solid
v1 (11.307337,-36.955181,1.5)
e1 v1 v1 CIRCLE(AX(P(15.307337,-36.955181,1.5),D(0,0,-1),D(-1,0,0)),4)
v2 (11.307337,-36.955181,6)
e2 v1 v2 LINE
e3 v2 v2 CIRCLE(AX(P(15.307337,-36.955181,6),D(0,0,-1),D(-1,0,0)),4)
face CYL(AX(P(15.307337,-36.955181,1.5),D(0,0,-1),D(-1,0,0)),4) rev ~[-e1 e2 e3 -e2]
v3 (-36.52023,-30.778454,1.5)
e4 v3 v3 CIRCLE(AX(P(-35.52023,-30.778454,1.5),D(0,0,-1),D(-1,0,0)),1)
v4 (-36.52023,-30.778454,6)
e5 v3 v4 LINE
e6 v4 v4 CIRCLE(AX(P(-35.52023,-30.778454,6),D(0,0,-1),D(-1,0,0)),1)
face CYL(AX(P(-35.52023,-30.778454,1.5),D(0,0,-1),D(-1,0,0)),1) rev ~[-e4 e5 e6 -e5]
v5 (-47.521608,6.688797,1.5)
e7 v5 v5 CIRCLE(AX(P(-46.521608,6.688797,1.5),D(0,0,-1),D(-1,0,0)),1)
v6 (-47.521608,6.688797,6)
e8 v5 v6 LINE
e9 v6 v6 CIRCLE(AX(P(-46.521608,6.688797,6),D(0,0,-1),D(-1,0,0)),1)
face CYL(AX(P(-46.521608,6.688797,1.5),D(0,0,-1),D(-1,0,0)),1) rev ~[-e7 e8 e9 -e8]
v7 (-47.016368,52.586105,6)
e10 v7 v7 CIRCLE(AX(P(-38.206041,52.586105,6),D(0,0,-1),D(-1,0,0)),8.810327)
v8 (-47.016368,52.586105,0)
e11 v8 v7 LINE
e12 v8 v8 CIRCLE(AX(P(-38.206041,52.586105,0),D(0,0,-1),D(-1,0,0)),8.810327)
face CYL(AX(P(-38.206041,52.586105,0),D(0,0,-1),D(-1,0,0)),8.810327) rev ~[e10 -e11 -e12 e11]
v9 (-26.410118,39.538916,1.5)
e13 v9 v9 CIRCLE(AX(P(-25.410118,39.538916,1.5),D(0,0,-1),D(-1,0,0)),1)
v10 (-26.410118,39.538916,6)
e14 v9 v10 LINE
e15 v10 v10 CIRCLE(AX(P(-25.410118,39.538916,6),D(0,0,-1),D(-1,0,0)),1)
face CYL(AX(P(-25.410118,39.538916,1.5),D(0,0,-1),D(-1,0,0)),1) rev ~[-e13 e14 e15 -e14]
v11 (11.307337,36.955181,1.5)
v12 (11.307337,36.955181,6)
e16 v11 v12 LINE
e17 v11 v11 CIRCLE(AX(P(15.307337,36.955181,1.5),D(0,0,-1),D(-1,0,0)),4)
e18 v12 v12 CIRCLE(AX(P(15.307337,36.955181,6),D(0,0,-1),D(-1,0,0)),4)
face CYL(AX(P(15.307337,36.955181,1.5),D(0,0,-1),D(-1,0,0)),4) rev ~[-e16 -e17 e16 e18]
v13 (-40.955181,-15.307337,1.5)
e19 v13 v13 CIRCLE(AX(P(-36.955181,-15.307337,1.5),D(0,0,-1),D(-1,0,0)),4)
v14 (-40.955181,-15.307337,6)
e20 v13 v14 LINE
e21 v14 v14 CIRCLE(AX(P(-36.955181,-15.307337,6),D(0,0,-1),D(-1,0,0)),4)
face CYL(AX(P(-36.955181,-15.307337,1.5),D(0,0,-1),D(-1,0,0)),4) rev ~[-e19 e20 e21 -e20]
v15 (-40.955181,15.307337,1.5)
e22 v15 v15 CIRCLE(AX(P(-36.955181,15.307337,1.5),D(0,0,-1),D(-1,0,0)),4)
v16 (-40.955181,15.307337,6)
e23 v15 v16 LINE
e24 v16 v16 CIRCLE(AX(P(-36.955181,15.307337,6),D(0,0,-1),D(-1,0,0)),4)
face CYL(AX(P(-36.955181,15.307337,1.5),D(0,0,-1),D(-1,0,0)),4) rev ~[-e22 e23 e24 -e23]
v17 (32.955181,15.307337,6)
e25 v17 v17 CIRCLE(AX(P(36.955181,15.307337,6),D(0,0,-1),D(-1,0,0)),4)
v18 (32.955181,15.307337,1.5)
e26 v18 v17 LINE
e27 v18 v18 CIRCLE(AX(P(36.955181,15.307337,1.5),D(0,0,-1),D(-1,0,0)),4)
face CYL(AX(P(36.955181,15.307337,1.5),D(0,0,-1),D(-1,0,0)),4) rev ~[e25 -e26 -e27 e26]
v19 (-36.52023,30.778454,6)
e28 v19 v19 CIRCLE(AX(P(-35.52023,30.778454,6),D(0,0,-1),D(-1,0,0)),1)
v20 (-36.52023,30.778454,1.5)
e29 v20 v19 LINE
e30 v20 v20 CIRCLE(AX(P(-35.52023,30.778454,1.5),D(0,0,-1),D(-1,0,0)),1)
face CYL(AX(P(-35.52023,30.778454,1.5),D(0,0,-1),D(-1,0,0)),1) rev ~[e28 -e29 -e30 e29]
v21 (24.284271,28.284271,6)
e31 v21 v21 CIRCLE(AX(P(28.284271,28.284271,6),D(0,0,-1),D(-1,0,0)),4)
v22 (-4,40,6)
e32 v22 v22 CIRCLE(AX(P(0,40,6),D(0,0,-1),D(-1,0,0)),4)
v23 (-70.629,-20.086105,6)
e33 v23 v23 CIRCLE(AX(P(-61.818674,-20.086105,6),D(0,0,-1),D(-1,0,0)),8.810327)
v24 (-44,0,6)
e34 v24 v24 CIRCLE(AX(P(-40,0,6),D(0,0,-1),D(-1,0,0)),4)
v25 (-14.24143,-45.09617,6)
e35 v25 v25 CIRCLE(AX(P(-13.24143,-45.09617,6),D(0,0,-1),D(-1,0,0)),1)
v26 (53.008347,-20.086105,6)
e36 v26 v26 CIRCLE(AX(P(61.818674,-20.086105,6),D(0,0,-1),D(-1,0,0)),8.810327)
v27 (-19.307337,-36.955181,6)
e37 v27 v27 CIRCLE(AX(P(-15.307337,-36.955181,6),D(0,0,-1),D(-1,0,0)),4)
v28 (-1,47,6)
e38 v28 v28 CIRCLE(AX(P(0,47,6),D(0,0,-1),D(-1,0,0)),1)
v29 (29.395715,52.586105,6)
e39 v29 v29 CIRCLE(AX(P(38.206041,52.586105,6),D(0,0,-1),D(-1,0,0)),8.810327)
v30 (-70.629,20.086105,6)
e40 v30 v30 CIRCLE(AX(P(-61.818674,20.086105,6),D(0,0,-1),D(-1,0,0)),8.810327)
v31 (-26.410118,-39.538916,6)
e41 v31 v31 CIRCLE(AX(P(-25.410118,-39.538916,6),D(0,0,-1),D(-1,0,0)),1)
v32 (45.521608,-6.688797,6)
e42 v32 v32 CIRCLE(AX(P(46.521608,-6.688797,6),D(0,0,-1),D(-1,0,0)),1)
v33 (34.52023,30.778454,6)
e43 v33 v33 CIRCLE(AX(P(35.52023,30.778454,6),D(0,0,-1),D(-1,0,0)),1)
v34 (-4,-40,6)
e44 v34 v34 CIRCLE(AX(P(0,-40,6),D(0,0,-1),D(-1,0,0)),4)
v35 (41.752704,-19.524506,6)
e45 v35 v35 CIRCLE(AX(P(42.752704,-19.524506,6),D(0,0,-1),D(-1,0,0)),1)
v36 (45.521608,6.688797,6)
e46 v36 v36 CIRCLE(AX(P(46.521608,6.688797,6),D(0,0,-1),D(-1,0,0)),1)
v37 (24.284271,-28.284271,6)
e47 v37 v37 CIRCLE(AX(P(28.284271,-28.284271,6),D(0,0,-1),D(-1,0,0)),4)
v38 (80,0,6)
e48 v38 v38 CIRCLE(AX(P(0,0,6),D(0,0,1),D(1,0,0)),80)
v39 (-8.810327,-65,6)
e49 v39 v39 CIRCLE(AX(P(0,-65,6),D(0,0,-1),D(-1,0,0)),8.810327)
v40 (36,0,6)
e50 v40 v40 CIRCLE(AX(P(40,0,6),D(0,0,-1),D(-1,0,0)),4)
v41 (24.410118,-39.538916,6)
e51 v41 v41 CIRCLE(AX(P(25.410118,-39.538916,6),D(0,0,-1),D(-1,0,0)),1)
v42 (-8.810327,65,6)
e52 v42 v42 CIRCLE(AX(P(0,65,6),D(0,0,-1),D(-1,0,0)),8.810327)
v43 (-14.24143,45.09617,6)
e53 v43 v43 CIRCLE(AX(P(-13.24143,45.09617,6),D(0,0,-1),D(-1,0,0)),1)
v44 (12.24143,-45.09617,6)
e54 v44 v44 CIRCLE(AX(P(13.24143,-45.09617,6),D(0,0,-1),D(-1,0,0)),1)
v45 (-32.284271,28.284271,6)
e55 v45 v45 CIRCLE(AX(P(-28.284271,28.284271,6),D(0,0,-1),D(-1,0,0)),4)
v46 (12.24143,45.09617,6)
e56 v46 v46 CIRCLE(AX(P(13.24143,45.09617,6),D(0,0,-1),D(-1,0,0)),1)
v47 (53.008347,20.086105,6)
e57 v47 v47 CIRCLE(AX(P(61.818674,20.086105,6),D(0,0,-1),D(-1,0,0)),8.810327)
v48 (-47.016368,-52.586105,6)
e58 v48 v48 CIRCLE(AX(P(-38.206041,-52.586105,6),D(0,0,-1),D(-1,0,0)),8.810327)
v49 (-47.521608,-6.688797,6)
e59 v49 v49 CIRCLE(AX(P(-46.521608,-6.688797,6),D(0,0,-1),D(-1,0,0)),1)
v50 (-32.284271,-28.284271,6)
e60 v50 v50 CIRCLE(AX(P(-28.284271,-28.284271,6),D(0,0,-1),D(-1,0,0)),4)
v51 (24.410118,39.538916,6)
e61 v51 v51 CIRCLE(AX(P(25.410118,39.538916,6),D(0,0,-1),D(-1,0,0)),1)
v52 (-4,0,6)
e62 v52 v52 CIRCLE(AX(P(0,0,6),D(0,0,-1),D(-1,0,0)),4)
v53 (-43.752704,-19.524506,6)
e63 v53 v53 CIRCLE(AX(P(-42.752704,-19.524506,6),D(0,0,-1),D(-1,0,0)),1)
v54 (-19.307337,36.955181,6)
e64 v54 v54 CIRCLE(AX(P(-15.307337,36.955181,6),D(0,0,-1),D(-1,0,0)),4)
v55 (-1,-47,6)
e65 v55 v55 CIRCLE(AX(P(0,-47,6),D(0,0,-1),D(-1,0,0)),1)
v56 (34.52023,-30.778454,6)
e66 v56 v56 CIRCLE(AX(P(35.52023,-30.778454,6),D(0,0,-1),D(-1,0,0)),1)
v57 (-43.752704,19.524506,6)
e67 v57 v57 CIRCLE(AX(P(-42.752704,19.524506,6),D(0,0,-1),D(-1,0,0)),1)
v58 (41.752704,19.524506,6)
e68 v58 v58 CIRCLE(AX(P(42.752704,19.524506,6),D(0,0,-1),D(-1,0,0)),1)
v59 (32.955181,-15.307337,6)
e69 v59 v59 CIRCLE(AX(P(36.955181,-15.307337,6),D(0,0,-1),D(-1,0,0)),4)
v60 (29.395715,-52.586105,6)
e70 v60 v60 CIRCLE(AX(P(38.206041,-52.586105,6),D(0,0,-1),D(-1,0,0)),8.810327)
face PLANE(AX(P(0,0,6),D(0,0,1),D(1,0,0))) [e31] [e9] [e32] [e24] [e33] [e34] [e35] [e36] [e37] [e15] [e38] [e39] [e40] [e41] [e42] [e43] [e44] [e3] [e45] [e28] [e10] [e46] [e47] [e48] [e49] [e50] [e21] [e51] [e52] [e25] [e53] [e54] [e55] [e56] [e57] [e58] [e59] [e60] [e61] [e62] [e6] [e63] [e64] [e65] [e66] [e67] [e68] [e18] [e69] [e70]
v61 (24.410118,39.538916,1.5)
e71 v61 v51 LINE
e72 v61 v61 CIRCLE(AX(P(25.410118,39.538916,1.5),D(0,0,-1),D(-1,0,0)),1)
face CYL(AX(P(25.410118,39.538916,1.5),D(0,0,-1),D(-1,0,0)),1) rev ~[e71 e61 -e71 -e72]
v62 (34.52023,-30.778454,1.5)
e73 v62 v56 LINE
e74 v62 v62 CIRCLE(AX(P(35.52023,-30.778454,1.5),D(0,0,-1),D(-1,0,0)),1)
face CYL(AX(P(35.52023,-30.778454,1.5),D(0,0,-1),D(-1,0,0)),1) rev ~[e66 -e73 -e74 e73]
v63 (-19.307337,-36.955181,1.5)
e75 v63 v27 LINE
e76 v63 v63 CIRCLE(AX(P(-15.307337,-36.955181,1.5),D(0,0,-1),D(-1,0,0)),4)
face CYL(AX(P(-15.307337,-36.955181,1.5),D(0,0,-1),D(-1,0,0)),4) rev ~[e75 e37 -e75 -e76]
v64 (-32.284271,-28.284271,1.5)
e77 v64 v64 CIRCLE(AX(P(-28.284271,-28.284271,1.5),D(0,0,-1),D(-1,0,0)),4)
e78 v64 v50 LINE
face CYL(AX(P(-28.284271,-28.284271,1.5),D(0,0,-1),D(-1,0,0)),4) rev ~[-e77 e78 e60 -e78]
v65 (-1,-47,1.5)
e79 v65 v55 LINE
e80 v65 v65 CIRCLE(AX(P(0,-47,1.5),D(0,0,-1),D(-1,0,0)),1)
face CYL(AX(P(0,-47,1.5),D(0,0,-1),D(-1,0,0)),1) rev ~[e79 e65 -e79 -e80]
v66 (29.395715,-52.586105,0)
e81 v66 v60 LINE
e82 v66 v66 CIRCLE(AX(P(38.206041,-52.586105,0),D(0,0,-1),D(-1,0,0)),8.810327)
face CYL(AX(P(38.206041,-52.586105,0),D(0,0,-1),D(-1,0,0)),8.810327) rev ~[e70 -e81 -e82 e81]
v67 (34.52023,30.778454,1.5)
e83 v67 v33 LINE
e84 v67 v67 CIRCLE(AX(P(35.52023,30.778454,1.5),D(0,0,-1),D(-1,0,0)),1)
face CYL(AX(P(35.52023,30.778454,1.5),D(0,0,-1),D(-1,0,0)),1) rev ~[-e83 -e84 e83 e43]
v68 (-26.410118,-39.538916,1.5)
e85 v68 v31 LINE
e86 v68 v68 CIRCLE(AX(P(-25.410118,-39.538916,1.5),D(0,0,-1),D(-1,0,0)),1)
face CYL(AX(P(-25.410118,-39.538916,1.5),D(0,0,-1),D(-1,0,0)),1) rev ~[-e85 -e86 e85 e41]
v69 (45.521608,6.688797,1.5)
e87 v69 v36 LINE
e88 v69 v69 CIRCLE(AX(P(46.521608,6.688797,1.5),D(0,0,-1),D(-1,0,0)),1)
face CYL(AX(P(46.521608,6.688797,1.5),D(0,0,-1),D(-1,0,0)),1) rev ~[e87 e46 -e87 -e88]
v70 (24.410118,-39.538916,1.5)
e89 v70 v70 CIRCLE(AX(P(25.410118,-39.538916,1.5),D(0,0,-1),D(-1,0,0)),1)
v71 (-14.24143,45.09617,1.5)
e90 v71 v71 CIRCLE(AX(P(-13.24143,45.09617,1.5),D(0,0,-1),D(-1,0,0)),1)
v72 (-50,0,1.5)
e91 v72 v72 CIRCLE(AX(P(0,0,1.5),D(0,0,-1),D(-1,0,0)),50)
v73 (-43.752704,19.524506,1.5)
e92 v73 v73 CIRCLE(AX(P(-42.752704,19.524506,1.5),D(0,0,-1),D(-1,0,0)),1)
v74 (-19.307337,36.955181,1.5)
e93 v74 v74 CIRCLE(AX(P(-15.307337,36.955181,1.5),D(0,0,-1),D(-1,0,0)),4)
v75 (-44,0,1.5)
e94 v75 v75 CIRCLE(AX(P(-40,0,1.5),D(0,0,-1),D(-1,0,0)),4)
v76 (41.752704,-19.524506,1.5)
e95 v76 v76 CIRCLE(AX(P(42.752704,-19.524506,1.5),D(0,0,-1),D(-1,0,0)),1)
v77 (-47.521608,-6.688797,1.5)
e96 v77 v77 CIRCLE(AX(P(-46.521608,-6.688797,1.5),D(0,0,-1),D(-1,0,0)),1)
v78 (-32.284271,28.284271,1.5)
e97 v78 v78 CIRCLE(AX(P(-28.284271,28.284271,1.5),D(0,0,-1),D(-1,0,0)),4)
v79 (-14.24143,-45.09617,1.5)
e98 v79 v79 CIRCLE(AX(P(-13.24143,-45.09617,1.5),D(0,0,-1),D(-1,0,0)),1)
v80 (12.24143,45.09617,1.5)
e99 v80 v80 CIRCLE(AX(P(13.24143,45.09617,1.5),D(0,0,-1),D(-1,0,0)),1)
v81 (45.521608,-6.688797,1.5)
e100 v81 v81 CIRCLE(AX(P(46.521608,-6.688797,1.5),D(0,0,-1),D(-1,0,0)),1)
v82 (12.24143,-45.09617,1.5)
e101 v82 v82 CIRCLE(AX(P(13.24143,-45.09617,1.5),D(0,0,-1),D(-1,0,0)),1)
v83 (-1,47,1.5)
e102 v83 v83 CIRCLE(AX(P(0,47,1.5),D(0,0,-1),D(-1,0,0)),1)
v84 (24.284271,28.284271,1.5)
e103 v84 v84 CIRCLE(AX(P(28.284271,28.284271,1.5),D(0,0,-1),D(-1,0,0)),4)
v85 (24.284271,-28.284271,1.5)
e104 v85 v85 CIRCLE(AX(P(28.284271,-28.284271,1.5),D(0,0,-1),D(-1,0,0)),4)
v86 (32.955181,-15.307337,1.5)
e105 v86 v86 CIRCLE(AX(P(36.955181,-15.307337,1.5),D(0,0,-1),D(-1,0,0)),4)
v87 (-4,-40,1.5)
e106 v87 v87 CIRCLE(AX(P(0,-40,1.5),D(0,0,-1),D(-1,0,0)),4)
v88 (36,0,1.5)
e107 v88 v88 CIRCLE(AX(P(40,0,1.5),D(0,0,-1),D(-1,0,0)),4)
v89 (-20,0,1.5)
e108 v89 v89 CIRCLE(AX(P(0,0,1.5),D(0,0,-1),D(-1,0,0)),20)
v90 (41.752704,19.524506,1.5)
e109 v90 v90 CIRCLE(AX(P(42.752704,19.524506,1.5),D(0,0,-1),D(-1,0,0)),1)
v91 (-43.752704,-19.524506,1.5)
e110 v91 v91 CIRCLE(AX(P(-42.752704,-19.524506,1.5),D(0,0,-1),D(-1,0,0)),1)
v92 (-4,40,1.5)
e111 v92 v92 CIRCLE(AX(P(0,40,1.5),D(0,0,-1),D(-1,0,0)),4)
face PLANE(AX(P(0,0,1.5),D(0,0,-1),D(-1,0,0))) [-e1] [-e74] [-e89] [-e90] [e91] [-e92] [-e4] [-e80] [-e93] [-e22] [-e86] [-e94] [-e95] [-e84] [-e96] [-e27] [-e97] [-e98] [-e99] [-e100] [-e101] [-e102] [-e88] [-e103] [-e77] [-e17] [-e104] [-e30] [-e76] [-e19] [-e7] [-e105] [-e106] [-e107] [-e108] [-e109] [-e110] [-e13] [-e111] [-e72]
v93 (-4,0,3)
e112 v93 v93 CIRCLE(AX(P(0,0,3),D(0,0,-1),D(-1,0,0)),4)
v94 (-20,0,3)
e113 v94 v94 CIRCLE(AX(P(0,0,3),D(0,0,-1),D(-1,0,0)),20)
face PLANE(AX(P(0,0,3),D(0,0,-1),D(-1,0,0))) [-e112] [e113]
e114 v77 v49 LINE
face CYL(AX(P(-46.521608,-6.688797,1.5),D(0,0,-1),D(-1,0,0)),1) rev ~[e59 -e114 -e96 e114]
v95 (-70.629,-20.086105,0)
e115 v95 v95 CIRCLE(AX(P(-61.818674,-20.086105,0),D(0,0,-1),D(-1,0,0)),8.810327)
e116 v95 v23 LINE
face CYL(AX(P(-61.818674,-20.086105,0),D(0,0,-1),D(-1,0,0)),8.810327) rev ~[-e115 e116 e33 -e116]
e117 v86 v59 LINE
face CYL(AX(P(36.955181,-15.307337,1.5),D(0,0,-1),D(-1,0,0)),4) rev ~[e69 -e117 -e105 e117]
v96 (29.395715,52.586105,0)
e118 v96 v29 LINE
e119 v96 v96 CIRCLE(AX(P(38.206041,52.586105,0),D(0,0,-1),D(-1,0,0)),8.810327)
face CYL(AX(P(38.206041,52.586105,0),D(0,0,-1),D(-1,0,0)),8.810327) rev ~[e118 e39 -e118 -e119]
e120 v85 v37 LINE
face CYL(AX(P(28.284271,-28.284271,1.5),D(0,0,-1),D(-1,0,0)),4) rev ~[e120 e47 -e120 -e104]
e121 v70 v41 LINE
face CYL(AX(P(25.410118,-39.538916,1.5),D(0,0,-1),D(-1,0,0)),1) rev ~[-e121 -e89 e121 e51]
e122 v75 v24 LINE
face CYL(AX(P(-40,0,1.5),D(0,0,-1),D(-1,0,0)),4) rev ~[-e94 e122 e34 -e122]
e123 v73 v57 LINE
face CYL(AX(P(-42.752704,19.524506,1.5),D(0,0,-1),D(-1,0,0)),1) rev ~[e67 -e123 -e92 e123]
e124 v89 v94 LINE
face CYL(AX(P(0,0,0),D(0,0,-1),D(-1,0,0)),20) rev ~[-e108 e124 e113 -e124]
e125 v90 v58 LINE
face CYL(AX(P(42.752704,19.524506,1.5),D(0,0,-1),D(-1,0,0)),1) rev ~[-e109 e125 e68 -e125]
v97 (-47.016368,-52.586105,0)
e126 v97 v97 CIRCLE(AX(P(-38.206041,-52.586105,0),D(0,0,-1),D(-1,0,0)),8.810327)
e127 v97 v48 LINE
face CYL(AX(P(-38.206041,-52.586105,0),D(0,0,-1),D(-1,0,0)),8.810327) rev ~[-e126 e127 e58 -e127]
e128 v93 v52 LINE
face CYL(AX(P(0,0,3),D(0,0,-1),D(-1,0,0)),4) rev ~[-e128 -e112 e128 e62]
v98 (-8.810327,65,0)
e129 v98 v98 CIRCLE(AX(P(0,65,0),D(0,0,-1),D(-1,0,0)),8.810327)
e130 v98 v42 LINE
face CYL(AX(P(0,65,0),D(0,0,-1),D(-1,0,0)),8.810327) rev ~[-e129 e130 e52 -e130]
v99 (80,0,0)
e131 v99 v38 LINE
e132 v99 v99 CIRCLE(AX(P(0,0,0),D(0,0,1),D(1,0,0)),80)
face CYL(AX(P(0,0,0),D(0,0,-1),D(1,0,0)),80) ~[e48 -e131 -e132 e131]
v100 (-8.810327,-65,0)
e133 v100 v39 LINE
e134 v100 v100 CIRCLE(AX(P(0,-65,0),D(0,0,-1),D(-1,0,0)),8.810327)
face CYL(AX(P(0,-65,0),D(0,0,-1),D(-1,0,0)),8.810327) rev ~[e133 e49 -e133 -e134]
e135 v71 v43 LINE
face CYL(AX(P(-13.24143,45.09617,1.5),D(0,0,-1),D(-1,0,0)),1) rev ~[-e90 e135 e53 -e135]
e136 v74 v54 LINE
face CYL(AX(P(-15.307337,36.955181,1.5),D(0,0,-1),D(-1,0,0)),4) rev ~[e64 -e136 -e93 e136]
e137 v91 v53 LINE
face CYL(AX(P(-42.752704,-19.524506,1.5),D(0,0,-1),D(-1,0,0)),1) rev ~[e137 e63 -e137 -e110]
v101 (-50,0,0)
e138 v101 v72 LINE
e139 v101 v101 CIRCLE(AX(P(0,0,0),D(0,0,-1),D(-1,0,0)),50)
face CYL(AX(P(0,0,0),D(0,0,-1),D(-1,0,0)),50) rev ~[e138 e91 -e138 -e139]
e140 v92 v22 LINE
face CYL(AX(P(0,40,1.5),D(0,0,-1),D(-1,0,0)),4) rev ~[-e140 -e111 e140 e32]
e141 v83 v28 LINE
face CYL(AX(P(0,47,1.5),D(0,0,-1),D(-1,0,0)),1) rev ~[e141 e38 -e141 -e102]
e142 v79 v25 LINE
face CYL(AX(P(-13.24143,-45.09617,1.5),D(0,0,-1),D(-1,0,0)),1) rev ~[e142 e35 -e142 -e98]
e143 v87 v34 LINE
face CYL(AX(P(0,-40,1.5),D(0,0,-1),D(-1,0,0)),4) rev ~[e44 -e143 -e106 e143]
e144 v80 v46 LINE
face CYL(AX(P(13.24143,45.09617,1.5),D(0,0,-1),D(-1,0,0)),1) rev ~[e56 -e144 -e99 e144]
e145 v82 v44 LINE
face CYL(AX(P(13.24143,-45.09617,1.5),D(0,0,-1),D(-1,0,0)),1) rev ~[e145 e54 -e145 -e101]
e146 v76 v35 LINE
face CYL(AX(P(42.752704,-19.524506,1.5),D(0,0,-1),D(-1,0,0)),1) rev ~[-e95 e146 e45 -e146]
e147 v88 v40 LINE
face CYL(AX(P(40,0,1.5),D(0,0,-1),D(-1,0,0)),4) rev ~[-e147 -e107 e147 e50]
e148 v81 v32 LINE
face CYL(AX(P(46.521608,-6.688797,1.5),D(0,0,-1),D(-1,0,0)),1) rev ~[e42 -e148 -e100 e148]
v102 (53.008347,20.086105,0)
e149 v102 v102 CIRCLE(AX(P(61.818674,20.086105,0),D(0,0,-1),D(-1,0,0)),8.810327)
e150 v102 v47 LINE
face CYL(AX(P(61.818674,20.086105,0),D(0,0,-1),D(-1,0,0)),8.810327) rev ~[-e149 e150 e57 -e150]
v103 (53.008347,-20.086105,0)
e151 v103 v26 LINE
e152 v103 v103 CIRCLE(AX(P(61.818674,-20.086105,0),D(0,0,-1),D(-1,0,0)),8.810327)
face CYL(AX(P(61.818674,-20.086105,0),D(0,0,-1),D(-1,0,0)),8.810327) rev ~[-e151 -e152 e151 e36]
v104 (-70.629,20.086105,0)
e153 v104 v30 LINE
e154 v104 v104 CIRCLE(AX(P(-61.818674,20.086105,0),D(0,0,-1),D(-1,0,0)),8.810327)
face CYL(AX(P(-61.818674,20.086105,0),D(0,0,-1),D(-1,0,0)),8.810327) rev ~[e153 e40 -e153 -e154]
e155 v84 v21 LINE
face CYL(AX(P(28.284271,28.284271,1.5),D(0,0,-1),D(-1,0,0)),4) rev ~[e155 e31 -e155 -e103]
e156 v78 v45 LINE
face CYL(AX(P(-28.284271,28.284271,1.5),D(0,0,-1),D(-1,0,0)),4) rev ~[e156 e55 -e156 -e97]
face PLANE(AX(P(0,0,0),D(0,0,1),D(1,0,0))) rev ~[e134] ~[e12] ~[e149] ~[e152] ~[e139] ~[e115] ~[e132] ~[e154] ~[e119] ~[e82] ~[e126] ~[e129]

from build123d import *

# Parameters (mm, degrees)
SKETCH1_R           = 80
BOSS_EXTRUDE1_DEPTH = 6
SKETCH2_R           = 20
CUT_EXTRUDE1_DEPTH  = 3
SKETCH3_R           = 8.810326898
CUT_EXTRUDE3_DEPTH  = 6
SKETCH5_R           = 50
CUT_EXTRUDE5_DEPTH  = 1.5
SKETCH6_R           = 1
SKETCH6_R_2         = 4
CUT_EXTRUDE6_DEPTH  = 6
SKETCH7_R           = 4
CUT_EXTRUDE8_DEPTH  = 6


with BuildPart() as part:
    # Sketch1 → Boss-Extrude1 (new body)
    with BuildSketch(Plane.XY):
        Circle(SKETCH1_R)
    extrude(amount=BOSS_EXTRUDE1_DEPTH)

    # Sketch2 → Cut-Extrude1 (cut)
    with BuildSketch(Plane(origin=(0, 0, 0), x_dir=(-1, 0, 0), z_dir=(0, 0, -1))):
        Circle(SKETCH2_R)
    extrude(amount=-CUT_EXTRUDE1_DEPTH, mode=Mode.SUBTRACT)

    # Sketch3 → Cut-Extrude3 (cut)
    with BuildSketch(Plane(origin=(0, 0, 0), x_dir=(-1, 0, 0), z_dir=(0, 0, -1))):
        with Locations((0, 65)):
            Circle(SKETCH3_R)
        with Locations((38.206041399, 52.586104634)):
            Circle(SKETCH3_R)
        with Locations((61.818673559, 20.086104634)):
            Circle(SKETCH3_R)
        with Locations((61.818673559, -20.086104634)):
            Circle(SKETCH3_R)
        with Locations((38.206041399, -52.586104634)):
            Circle(SKETCH3_R)
        with Locations((0, -65)):
            Circle(SKETCH3_R)
        with Locations((-38.206041399, -52.586104634)):
            Circle(SKETCH3_R)
        with Locations((-61.818673559, -20.086104634)):
            Circle(SKETCH3_R)
        with Locations((-61.818673559, 20.086104634)):
            Circle(SKETCH3_R)
        with Locations((-38.206041399, 52.586104634)):
            Circle(SKETCH3_R)
    extrude(amount=-CUT_EXTRUDE3_DEPTH, mode=Mode.SUBTRACT)

    # Sketch5 → Cut-Extrude5 (cut)
    with BuildSketch(Plane(origin=(0, 0, 0), x_dir=(-1, 0, 0), z_dir=(0, 0, -1))):
        Circle(SKETCH5_R)
    extrude(amount=-CUT_EXTRUDE5_DEPTH, mode=Mode.SUBTRACT)

    # Sketch6 → Cut-Extrude6 (cut)
    with BuildSketch(Plane(origin=(0, 0, 1.5), x_dir=(-1, 0, 0), z_dir=(0, 0, -1))):
        with Locations((0, 47)):
            Circle(SKETCH6_R)
        with Locations((13.241430172, 45.09616976)):
            Circle(SKETCH6_R)
        with Locations((25.41011842, 39.538916043)):
            Circle(SKETCH6_R)
        with Locations((35.520229995, 30.778454495)):
            Circle(SKETCH6_R)
        with Locations((42.752703782, 19.524505611)):
            Circle(SKETCH6_R)
        with Locations((46.521607768, 6.688797399)):
            Circle(SKETCH6_R)
        with Locations((46.521607768, -6.688797399)):
            Circle(SKETCH6_R)
        with Locations((42.752703782, -19.524505611)):
            Circle(SKETCH6_R)
        with Locations((35.520229995, -30.778454495)):
            Circle(SKETCH6_R)
        with Locations((25.41011842, -39.538916043)):
            Circle(SKETCH6_R)
        with Locations((13.241430172, -45.09616976)):
            Circle(SKETCH6_R)
        with Locations((0, -47)):
            Circle(SKETCH6_R)
        with Locations((-13.241430172, -45.09616976)):
            Circle(SKETCH6_R)
        with Locations((-25.41011842, -39.538916043)):
            Circle(SKETCH6_R)
        with Locations((-35.520229995, -30.778454495)):
            Circle(SKETCH6_R)
        with Locations((-42.752703782, -19.524505611)):
            Circle(SKETCH6_R)
        with Locations((-46.521607768, -6.688797399)):
            Circle(SKETCH6_R)
        with Locations((-46.521607768, 6.688797399)):
            Circle(SKETCH6_R)
        with Locations((-42.752703782, 19.524505611)):
            Circle(SKETCH6_R)
        with Locations((-35.520229995, 30.778454495)):
            Circle(SKETCH6_R)
        with Locations((-25.41011842, 39.538916043)):
            Circle(SKETCH6_R)
        with Locations((-13.241430172, 45.09616976)):
            Circle(SKETCH6_R)
        with Locations((0, 40)):
            Circle(SKETCH6_R_2)
        with Locations((15.307337295, 36.9551813)):
            Circle(SKETCH6_R_2)
        with Locations((28.284271247, 28.284271247)):
            Circle(SKETCH6_R_2)
        with Locations((36.9551813, 15.307337295)):
            Circle(SKETCH6_R_2)
        with Locations((40, 0)):
            Circle(SKETCH6_R_2)
        with Locations((36.9551813, -15.307337295)):
            Circle(SKETCH6_R_2)
        with Locations((28.284271247, -28.284271247)):
            Circle(SKETCH6_R_2)
        with Locations((15.307337295, -36.9551813)):
            Circle(SKETCH6_R_2)
        with Locations((0, -40)):
            Circle(SKETCH6_R_2)
        with Locations((-15.307337295, -36.9551813)):
            Circle(SKETCH6_R_2)
        with Locations((-28.284271247, -28.284271247)):
            Circle(SKETCH6_R_2)
        with Locations((-36.9551813, -15.307337295)):
            Circle(SKETCH6_R_2)
        with Locations((-40, 0)):
            Circle(SKETCH6_R_2)
        with Locations((-36.9551813, 15.307337295)):
            Circle(SKETCH6_R_2)
        with Locations((-28.284271247, 28.284271247)):
            Circle(SKETCH6_R_2)
        with Locations((-15.307337295, 36.9551813)):
            Circle(SKETCH6_R_2)
    extrude(amount=-CUT_EXTRUDE6_DEPTH, mode=Mode.SUBTRACT)

    # Sketch7 → Cut-Extrude8 (cut)
    with BuildSketch(Plane(origin=(0, 0, 3), x_dir=(-1, 0, 0), z_dir=(0, 0, -1))):
        Circle(SKETCH7_R)
    extrude(amount=-CUT_EXTRUDE8_DEPTH, mode=Mode.SUBTRACT)


solid = part.part
